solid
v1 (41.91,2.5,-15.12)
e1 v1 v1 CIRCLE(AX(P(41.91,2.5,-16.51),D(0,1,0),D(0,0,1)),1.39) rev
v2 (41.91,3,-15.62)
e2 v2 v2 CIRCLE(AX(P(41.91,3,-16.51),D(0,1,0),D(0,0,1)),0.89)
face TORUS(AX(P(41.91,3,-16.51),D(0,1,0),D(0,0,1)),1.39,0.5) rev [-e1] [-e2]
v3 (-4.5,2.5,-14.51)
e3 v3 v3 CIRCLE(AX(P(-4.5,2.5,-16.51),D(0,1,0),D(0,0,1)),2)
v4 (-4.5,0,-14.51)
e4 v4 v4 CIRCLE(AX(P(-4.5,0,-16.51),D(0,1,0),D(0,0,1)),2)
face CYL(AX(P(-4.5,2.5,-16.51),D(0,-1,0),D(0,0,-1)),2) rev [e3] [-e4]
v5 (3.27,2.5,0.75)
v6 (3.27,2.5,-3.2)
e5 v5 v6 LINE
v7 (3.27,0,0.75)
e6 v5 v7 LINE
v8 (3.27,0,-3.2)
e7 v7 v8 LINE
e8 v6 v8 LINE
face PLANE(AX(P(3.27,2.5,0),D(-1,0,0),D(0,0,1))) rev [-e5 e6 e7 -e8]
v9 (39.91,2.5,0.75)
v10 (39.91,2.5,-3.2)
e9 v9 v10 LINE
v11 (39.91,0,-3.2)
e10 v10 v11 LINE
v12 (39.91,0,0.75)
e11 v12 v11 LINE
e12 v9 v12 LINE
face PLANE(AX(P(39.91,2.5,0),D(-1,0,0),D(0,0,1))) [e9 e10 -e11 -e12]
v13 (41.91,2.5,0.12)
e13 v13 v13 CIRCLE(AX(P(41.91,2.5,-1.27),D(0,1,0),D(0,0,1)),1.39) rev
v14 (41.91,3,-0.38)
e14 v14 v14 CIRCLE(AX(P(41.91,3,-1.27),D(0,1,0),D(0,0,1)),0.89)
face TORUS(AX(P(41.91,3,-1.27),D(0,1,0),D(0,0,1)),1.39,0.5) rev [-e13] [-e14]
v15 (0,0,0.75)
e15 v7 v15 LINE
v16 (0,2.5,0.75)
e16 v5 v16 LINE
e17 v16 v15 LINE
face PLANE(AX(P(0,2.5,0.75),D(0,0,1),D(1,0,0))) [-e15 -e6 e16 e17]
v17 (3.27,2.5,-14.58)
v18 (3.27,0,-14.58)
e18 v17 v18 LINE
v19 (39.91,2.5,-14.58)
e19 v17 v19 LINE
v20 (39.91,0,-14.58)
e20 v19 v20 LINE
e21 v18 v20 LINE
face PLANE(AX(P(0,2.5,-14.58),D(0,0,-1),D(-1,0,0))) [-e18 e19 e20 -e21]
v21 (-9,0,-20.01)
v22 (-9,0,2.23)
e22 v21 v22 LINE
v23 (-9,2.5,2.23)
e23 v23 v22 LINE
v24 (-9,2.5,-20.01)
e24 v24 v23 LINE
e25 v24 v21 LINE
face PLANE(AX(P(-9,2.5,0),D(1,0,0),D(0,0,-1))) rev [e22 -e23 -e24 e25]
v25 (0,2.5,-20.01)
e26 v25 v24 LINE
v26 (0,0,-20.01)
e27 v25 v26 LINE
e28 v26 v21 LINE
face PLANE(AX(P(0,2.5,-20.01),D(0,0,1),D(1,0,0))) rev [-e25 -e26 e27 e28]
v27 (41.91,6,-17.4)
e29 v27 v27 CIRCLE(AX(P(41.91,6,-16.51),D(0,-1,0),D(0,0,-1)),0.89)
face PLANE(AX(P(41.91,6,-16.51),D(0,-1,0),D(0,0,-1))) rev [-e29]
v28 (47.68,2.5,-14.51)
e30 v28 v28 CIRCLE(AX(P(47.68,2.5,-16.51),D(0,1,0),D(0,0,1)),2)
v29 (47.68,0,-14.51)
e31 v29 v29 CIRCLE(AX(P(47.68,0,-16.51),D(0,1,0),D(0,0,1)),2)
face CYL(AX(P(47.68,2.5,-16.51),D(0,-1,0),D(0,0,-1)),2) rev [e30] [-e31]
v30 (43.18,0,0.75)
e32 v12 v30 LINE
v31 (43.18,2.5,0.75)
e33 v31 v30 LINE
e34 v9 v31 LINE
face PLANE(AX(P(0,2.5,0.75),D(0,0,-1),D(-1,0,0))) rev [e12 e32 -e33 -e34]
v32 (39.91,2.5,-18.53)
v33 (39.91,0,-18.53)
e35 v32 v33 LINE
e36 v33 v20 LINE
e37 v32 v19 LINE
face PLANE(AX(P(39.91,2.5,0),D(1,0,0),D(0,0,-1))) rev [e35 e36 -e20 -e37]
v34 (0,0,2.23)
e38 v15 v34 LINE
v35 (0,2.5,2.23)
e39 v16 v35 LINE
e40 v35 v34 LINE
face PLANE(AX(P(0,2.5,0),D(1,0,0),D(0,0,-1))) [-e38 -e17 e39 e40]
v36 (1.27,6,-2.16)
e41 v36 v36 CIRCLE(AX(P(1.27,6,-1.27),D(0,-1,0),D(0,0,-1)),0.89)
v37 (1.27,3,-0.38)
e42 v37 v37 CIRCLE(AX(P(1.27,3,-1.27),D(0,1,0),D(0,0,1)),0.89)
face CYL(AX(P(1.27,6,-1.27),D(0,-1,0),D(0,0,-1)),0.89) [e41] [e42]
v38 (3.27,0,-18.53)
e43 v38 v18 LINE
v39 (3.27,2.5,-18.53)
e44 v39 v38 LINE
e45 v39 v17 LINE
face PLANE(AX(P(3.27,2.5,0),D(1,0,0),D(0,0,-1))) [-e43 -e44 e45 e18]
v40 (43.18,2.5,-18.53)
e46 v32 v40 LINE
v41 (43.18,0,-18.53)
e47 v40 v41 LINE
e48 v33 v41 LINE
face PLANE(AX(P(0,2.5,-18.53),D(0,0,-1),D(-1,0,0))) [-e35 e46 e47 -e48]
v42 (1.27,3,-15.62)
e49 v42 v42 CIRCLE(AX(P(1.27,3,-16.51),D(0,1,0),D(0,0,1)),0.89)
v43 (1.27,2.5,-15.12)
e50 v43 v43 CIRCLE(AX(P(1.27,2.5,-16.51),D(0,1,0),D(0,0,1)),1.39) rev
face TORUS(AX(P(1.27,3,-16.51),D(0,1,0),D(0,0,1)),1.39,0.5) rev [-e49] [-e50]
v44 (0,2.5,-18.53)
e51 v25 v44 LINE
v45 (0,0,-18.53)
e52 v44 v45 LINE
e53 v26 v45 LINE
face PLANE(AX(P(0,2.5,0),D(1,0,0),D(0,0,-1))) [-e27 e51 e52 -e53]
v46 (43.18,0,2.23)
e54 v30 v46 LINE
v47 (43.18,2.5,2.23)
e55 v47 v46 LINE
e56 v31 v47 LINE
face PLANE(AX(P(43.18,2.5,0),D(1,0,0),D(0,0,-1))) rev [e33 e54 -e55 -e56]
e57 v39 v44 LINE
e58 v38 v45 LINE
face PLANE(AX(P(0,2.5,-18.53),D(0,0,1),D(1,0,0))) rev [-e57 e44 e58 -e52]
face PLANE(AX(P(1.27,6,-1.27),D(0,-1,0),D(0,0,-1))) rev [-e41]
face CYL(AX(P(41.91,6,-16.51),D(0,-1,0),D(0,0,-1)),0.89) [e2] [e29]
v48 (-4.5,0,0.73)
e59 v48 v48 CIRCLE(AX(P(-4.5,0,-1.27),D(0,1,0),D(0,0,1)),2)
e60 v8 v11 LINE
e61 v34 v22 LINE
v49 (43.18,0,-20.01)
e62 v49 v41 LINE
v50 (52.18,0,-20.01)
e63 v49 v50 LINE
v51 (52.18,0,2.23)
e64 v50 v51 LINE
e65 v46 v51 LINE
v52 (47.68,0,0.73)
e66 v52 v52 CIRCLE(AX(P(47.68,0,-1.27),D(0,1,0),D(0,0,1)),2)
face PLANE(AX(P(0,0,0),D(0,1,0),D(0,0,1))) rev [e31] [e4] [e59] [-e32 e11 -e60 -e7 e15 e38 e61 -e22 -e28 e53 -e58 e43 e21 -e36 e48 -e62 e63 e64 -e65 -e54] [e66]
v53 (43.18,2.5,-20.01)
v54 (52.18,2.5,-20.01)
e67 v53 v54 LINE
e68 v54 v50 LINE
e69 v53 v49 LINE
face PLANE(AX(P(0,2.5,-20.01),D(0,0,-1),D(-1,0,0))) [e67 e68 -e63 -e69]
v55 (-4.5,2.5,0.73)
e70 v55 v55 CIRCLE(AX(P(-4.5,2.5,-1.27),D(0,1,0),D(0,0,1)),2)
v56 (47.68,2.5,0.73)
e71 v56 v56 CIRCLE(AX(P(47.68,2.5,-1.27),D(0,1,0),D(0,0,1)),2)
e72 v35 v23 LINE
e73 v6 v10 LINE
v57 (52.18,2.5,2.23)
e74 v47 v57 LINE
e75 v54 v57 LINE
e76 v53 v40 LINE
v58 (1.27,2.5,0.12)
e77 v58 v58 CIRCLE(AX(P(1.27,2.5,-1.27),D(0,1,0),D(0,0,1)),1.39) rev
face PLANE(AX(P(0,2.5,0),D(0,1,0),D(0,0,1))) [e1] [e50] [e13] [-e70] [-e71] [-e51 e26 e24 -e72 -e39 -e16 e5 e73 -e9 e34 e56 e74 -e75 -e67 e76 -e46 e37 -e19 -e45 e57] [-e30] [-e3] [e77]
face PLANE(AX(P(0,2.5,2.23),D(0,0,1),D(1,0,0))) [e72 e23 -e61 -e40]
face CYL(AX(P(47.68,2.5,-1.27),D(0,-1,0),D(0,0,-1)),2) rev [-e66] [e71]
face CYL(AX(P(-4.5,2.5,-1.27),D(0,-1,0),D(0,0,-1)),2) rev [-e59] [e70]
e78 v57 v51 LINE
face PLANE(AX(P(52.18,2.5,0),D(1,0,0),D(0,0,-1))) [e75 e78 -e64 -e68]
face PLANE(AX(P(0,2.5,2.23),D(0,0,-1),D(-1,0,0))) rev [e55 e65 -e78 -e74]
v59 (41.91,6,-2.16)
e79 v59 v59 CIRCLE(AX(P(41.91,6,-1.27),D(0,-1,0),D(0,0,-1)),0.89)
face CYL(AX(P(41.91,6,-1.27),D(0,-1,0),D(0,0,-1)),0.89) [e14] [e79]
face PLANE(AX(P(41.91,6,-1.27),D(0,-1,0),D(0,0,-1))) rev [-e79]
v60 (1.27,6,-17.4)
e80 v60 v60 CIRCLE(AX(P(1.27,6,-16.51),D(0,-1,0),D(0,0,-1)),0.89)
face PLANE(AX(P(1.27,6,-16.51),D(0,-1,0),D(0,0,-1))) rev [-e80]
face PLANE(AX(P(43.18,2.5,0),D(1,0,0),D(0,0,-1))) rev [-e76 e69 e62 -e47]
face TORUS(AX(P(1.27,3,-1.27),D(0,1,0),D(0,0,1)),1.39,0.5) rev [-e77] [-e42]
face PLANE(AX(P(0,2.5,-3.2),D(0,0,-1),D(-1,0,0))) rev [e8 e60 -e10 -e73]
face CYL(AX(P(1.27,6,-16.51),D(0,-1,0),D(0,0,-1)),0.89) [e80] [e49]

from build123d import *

# Parameters (mm, degrees)
SKETCH1_R           = 0.89
SKETCH1_R_2         = 2
SKETCH1_W           = 3.27
SKETCH1_H           = 0.75
BOSS_EXTRUDE1_DEPTH = 2.5
SKETCH2_R           = 0.89
BOSS_EXTRUDE2_DEPTH = 6
FILLET1_R           = 0.5


with BuildPart() as part:
    # Sketch1 → Boss-Extrude1 (new body)
    # profile 1 of 7: a face of its own
    with BuildSketch(Plane(origin=(0, 0, 0), x_dir=(1, 0, 0), z_dir=(0, 1, 0))):
        Polygon((0, 17.78), (0, 0), (3.27, 0), (3.27, 3.2), (39.91, 3.2), (39.91, 0), (43.18, 0), (43.18, 17.78), (39.91, 17.78), (39.91, 14.58), (3.27, 14.58), (3.27, 17.78), align=None)
        with Locations(Location((1.27, 1.27, 0), (0, 0, 270))):
            Circle(SKETCH1_R, mode=Mode.SUBTRACT)
        with Locations(Location((41.91, 1.27, 0), (0, 0, 270))):
            Circle(SKETCH1_R, mode=Mode.SUBTRACT)
        with Locations(Location((1.27, 16.51, 0), (0, 0, 270))):
            Circle(SKETCH1_R, mode=Mode.SUBTRACT)
        with Locations(Location((41.91, 16.51, 0), (0, 0, 270))):
            Circle(SKETCH1_R, mode=Mode.SUBTRACT)
    # profile 2 of 7: a face of its own
    with BuildSketch(Plane(origin=(0, 0, 0), x_dir=(1, 0, 0), z_dir=(0, 1, 0))):
        Polygon((0, -0.75), (0, 0), (0, 17.78), (0, 18.53), (0, 20.01), (-9, 20.01), (-9, -2.23), (0, -2.23), align=None)
        with Locations(Location((-4.5, 1.27, 0), (0, 0, 270))):
            Circle(SKETCH1_R_2, mode=Mode.SUBTRACT)
        with Locations(Location((-4.5, 16.51, 0), (0, 0, 270))):
            Circle(SKETCH1_R_2, mode=Mode.SUBTRACT)
    # profile 3 of 7: a face of its own
    with BuildSketch(Plane(origin=(0, 0, 0), x_dir=(1, 0, 0), z_dir=(0, 1, 0))):
        Polygon((43.18, 17.78), (43.18, 0), (43.18, -0.75), (43.18, -2.23), (52.18, -2.23), (52.18, 20.01), (43.18, 20.01), (43.18, 18.53), align=None)
        with Locations(Location((47.68, 1.27, 0), (0, 0, 270))):
            Circle(SKETCH1_R_2, mode=Mode.SUBTRACT)
        with Locations(Location((47.68, 16.51, 0), (0, 0, 270))):
            Circle(SKETCH1_R_2, mode=Mode.SUBTRACT)
    # profile 4 of 7: a face of its own
    with BuildSketch(Plane(origin=(0, 0, 0), x_dir=(1, 0, 0), z_dir=(0, 1, 0))):
        with Locations((41.545, -0.375)):
            Rectangle(SKETCH1_W, SKETCH1_H)
    # profile 5 of 7: a face of its own
    with BuildSketch(Plane(origin=(0, 0, 0), x_dir=(1, 0, 0), z_dir=(0, 1, 0))):
        with Locations((41.545, 18.155)):
            Rectangle(SKETCH1_W, SKETCH1_H)
    # profile 6 of 7: a face of its own
    with BuildSketch(Plane(origin=(0, 0, 0), x_dir=(1, 0, 0), z_dir=(0, 1, 0))):
        with Locations((1.635, 18.155)):
            Rectangle(SKETCH1_W, SKETCH1_H)
    # profile 7 of 7: a face of its own
    with BuildSketch(Plane(origin=(0, 0, 0), x_dir=(1, 0, 0), z_dir=(0, 1, 0))):
        with Locations((1.635, -0.375)):
            Rectangle(SKETCH1_W, SKETCH1_H)
    extrude(amount=BOSS_EXTRUDE1_DEPTH)

    # Sketch2 → Boss-Extrude2 (add)
    with BuildSketch(Plane.XZ):
        with Locations(Location((1.27, -16.51, 0), (0, 0, 270))):
            Circle(SKETCH2_R)
        with Locations(Location((1.27, -1.27, 0), (0, 0, 270))):
            Circle(SKETCH2_R)
        with Locations(Location((41.91, -16.51, 0), (0, 0, 270))):
            Circle(SKETCH2_R)
        with Locations(Location((41.91, -1.27, 0), (0, 0, 270))):
            Circle(SKETCH2_R)
    extrude(amount=-BOSS_EXTRUDE2_DEPTH)

    # Fillet1
    fillet1_edges = [part.edges().sort_by_distance(p)[0] for p in [
        (41.91, 2.5, -0.38),
        (41.91, 2.5, -15.62),
        (1.27, 2.5, -0.38),
        (1.27, 2.5, -15.62),
    ]]
    fillet(fillet1_edges, radius=FILLET1_R)


solid = part.part
